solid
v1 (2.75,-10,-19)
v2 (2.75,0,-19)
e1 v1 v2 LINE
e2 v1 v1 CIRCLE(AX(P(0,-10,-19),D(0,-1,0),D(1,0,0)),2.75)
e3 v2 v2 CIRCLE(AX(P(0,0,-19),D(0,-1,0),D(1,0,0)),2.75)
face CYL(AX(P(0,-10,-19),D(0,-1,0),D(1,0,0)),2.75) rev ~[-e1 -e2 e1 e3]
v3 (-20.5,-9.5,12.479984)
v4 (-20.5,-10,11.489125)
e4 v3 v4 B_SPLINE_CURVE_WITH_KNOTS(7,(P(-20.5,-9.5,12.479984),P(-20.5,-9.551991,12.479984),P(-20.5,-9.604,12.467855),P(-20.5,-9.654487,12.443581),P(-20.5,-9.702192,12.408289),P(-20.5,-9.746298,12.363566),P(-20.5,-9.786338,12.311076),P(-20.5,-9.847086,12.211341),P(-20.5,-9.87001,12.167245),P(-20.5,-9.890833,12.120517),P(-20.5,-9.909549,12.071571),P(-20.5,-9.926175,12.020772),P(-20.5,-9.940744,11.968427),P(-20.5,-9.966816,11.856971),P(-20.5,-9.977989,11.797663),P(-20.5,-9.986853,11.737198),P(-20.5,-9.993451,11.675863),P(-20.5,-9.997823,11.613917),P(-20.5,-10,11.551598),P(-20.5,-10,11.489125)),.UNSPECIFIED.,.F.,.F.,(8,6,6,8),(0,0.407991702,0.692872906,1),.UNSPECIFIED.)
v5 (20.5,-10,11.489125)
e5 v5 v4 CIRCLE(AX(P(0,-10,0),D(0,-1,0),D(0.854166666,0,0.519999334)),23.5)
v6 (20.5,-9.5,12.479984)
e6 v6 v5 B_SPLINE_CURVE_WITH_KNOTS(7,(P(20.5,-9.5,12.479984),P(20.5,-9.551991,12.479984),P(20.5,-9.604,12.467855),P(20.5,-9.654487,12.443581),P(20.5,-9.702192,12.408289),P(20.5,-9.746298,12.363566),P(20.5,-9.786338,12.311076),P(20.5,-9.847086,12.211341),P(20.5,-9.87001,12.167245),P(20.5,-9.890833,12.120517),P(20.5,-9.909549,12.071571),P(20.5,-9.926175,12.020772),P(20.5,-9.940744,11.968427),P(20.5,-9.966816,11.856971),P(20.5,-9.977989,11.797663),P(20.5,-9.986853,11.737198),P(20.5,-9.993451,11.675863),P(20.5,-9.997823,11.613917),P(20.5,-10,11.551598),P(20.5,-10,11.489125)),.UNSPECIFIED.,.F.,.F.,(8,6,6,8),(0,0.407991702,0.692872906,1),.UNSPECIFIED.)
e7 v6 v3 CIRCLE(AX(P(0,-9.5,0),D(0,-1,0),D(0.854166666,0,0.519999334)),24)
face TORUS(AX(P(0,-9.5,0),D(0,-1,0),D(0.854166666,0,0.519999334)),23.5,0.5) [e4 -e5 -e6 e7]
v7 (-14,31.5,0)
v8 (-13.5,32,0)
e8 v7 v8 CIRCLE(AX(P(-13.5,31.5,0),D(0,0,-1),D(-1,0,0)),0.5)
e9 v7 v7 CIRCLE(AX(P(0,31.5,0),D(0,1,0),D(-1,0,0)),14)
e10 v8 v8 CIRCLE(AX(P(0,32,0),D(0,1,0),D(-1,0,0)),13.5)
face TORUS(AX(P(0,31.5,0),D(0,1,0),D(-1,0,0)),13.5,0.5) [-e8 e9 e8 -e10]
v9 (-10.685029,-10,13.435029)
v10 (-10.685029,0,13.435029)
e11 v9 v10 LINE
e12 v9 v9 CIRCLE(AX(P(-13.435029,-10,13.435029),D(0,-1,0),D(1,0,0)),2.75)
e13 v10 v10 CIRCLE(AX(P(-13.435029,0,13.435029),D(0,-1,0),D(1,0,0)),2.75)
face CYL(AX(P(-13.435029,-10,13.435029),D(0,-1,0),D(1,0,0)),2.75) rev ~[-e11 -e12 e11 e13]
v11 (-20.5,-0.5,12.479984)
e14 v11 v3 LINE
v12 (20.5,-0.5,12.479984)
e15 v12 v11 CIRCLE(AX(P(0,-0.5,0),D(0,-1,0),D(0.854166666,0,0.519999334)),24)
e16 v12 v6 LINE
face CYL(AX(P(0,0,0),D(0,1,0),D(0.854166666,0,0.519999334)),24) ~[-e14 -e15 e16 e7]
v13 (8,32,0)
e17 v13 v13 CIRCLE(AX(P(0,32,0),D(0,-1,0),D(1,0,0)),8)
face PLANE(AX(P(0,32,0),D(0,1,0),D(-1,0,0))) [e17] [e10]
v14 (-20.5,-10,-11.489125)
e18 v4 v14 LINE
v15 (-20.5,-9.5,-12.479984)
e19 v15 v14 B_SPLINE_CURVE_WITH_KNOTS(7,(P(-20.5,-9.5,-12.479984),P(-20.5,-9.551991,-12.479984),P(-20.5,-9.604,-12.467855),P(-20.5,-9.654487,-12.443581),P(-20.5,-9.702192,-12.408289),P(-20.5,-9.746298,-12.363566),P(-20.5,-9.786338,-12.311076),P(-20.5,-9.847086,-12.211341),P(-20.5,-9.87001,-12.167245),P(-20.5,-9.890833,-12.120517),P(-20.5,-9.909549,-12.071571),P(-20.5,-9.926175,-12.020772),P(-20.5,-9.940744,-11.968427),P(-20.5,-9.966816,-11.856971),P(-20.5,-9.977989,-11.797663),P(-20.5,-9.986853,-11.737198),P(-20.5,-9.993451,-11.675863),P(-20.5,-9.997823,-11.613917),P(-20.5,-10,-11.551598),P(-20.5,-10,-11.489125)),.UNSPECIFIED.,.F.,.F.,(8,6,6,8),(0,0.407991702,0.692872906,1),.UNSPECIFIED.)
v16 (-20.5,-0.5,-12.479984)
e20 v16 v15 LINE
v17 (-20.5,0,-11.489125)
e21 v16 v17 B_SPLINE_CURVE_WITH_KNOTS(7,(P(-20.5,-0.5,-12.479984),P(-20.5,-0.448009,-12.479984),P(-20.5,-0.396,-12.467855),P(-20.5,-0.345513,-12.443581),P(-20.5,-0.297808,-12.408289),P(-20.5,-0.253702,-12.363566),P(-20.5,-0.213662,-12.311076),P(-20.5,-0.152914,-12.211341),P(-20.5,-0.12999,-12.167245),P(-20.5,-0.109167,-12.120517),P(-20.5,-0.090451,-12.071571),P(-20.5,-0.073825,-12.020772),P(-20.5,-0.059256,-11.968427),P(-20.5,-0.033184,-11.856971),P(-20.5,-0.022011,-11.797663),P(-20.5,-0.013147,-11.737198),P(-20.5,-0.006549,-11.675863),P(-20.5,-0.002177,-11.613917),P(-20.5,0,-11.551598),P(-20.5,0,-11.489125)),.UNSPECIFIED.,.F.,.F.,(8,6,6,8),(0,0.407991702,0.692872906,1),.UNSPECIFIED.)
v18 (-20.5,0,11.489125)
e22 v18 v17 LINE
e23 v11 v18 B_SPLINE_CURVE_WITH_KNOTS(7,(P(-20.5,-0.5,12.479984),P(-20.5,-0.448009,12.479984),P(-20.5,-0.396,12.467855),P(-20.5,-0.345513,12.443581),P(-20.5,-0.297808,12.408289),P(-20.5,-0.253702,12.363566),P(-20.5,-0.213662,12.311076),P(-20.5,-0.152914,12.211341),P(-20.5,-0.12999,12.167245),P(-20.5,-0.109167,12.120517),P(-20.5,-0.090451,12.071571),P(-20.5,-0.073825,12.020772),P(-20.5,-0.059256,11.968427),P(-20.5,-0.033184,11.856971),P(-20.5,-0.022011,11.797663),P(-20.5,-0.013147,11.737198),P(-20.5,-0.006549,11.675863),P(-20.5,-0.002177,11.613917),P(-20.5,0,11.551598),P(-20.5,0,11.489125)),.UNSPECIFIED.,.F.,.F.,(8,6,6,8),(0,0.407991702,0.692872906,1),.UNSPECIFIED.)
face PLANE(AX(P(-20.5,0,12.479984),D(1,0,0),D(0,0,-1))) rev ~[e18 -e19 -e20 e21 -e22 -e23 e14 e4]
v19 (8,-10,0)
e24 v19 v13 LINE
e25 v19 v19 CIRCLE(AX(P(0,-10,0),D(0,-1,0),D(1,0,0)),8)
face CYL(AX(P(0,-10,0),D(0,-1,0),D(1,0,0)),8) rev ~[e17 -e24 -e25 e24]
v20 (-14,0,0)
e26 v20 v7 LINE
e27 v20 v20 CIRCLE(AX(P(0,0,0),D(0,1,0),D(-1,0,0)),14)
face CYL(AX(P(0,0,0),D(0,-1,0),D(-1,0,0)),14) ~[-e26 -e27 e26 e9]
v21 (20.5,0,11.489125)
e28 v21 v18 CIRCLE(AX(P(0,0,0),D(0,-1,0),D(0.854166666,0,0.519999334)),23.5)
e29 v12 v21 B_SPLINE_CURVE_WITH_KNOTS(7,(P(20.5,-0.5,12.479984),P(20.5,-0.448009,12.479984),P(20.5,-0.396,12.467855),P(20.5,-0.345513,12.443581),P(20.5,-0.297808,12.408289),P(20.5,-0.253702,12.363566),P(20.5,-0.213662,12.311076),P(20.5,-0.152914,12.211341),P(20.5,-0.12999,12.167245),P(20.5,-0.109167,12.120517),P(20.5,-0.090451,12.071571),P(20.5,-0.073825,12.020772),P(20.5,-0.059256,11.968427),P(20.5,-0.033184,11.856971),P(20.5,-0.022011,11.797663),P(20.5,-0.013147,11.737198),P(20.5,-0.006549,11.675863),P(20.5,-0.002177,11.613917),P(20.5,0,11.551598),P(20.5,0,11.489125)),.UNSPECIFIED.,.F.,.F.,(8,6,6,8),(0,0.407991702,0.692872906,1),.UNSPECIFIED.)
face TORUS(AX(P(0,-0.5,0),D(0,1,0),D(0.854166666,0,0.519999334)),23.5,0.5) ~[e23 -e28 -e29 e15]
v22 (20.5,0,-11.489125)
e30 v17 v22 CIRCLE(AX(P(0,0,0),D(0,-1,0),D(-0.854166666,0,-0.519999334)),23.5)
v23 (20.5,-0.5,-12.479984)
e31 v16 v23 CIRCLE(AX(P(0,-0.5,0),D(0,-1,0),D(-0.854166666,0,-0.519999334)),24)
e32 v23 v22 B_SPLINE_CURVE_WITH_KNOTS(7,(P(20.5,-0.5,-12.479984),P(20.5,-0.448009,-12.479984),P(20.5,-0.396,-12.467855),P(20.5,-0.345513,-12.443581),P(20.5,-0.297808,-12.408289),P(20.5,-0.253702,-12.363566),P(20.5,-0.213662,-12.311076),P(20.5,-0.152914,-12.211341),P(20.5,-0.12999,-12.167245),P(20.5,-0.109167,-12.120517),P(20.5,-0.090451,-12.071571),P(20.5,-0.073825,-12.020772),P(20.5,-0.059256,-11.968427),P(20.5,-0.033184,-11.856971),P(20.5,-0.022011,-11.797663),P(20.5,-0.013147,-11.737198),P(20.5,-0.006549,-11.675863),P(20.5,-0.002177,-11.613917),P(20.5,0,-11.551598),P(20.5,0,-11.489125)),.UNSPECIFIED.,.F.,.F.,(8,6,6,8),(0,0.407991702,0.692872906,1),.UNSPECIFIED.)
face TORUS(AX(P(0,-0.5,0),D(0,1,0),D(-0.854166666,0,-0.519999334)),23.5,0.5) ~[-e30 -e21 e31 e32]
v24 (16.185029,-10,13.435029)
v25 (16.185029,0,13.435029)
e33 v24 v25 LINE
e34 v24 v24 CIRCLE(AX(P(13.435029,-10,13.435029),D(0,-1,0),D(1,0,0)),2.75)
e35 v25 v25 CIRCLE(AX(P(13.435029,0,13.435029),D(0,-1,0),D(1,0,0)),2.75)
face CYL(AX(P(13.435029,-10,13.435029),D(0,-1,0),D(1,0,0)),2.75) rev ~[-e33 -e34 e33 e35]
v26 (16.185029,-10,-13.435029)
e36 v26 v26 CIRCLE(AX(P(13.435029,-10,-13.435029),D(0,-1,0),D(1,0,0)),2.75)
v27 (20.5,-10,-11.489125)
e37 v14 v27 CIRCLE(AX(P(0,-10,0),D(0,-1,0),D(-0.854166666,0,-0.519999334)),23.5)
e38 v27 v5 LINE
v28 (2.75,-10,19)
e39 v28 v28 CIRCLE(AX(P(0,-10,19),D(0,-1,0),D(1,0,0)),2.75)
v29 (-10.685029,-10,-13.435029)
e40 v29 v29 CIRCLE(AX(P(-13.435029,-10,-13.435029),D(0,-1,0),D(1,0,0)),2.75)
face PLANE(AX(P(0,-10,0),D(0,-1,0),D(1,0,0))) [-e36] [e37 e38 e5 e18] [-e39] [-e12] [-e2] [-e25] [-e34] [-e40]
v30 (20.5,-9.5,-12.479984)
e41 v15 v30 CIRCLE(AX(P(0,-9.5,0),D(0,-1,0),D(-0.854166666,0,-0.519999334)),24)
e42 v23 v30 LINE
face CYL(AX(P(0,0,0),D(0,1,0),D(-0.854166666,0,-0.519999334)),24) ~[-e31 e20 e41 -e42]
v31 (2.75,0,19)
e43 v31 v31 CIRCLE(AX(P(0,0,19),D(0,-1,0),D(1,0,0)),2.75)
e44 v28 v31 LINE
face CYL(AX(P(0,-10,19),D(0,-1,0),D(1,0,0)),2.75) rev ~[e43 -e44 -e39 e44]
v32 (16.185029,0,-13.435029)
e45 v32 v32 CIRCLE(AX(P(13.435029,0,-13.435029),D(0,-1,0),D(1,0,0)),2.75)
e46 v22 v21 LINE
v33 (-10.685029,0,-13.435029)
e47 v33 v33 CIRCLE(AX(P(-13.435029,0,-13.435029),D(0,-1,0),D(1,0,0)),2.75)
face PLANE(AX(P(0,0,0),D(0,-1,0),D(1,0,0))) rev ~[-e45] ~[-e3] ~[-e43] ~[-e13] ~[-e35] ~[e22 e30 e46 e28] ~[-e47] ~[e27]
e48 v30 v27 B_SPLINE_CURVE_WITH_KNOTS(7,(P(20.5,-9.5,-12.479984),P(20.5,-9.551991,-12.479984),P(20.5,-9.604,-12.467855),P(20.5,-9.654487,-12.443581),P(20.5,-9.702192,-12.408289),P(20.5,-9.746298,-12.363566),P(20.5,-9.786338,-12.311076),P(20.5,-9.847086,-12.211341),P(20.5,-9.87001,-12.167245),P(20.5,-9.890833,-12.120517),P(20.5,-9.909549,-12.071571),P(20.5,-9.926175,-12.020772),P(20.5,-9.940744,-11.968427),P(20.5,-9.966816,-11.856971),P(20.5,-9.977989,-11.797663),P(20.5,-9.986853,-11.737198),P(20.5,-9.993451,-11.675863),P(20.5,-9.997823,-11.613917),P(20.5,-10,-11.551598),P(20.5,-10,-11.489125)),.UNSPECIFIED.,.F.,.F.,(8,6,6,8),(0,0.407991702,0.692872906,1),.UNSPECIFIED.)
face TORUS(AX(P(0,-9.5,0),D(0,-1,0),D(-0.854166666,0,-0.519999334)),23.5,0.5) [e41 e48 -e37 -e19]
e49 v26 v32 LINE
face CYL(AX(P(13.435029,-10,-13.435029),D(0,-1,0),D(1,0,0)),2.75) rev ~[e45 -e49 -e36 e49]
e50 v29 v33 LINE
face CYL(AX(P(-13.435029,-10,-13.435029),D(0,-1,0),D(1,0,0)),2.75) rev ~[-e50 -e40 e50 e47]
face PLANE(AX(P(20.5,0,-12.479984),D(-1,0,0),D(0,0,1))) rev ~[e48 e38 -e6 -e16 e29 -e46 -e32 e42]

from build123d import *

# Parameters (mm, degrees)
F1_DEPTH = 10
F2_R     = 2.75
F3_DEPTH = 10.001
F4_R     = 14
F5_DEPTH = 32
F6_R     = 8
F7_DEPTH = 42.001
F8_R     = 0.5


with BuildPart() as f1:
    # F0 (on Front) → F1 (new body)
    with BuildSketch(Plane.XZ):
        with BuildLine():
            Line((-20.5, 12.479984), (-20.5, -12.479984))
            ThreePointArc((-20.5, -12.479984), (0, -24), (20.5, -12.479984))
            Line((20.5, -12.479984), (20.5, 12.479984))
            ThreePointArc((20.5, 12.479984), (0, 24), (-20.5, 12.479984))
        make_face()
    extrude(amount=F1_DEPTH)

    # F2 (on face) → F3 (cut, through all)
    with BuildSketch(Plane.XZ.offset(10)):
        with Locations((0, 19)):
            Circle(F2_R)
        with Locations((-13.435029, 13.435029)):
            Circle(F2_R)
        with Locations((13.435029, -13.435029)):
            Circle(F2_R)
        with Locations((13.435029, 13.435029)):
            Circle(F2_R)
        with Locations((-13.435029, -13.435029)):
            Circle(F2_R)
        with Locations((0, -19)):
            Circle(F2_R)
    extrude(amount=-F3_DEPTH, mode=Mode.SUBTRACT)

    # F4 (on face) → F5 (join)
    with BuildSketch(Plane(origin=(0, 0, 0), x_dir=(-1, 0, 0), z_dir=(0, 1, 0))):
        Circle(F4_R)
    extrude(amount=F5_DEPTH)

    # F6 (on face) → F7 (cut, through all)
    with BuildSketch(Plane.XZ.offset(10)):
        Circle(F6_R)
    extrude(amount=-F7_DEPTH, mode=Mode.SUBTRACT)

    # F8
    f8_edges = [f1.edges().sort_by_distance(p)[0] for p in [
        (14, 32, 0),
        (0, 0, 24),
        (0, 0, -24),
        (0, -10, -24),
        (0, -10, 24),
    ]]
    fillet(f8_edges, radius=F8_R)


solid = f1.part
